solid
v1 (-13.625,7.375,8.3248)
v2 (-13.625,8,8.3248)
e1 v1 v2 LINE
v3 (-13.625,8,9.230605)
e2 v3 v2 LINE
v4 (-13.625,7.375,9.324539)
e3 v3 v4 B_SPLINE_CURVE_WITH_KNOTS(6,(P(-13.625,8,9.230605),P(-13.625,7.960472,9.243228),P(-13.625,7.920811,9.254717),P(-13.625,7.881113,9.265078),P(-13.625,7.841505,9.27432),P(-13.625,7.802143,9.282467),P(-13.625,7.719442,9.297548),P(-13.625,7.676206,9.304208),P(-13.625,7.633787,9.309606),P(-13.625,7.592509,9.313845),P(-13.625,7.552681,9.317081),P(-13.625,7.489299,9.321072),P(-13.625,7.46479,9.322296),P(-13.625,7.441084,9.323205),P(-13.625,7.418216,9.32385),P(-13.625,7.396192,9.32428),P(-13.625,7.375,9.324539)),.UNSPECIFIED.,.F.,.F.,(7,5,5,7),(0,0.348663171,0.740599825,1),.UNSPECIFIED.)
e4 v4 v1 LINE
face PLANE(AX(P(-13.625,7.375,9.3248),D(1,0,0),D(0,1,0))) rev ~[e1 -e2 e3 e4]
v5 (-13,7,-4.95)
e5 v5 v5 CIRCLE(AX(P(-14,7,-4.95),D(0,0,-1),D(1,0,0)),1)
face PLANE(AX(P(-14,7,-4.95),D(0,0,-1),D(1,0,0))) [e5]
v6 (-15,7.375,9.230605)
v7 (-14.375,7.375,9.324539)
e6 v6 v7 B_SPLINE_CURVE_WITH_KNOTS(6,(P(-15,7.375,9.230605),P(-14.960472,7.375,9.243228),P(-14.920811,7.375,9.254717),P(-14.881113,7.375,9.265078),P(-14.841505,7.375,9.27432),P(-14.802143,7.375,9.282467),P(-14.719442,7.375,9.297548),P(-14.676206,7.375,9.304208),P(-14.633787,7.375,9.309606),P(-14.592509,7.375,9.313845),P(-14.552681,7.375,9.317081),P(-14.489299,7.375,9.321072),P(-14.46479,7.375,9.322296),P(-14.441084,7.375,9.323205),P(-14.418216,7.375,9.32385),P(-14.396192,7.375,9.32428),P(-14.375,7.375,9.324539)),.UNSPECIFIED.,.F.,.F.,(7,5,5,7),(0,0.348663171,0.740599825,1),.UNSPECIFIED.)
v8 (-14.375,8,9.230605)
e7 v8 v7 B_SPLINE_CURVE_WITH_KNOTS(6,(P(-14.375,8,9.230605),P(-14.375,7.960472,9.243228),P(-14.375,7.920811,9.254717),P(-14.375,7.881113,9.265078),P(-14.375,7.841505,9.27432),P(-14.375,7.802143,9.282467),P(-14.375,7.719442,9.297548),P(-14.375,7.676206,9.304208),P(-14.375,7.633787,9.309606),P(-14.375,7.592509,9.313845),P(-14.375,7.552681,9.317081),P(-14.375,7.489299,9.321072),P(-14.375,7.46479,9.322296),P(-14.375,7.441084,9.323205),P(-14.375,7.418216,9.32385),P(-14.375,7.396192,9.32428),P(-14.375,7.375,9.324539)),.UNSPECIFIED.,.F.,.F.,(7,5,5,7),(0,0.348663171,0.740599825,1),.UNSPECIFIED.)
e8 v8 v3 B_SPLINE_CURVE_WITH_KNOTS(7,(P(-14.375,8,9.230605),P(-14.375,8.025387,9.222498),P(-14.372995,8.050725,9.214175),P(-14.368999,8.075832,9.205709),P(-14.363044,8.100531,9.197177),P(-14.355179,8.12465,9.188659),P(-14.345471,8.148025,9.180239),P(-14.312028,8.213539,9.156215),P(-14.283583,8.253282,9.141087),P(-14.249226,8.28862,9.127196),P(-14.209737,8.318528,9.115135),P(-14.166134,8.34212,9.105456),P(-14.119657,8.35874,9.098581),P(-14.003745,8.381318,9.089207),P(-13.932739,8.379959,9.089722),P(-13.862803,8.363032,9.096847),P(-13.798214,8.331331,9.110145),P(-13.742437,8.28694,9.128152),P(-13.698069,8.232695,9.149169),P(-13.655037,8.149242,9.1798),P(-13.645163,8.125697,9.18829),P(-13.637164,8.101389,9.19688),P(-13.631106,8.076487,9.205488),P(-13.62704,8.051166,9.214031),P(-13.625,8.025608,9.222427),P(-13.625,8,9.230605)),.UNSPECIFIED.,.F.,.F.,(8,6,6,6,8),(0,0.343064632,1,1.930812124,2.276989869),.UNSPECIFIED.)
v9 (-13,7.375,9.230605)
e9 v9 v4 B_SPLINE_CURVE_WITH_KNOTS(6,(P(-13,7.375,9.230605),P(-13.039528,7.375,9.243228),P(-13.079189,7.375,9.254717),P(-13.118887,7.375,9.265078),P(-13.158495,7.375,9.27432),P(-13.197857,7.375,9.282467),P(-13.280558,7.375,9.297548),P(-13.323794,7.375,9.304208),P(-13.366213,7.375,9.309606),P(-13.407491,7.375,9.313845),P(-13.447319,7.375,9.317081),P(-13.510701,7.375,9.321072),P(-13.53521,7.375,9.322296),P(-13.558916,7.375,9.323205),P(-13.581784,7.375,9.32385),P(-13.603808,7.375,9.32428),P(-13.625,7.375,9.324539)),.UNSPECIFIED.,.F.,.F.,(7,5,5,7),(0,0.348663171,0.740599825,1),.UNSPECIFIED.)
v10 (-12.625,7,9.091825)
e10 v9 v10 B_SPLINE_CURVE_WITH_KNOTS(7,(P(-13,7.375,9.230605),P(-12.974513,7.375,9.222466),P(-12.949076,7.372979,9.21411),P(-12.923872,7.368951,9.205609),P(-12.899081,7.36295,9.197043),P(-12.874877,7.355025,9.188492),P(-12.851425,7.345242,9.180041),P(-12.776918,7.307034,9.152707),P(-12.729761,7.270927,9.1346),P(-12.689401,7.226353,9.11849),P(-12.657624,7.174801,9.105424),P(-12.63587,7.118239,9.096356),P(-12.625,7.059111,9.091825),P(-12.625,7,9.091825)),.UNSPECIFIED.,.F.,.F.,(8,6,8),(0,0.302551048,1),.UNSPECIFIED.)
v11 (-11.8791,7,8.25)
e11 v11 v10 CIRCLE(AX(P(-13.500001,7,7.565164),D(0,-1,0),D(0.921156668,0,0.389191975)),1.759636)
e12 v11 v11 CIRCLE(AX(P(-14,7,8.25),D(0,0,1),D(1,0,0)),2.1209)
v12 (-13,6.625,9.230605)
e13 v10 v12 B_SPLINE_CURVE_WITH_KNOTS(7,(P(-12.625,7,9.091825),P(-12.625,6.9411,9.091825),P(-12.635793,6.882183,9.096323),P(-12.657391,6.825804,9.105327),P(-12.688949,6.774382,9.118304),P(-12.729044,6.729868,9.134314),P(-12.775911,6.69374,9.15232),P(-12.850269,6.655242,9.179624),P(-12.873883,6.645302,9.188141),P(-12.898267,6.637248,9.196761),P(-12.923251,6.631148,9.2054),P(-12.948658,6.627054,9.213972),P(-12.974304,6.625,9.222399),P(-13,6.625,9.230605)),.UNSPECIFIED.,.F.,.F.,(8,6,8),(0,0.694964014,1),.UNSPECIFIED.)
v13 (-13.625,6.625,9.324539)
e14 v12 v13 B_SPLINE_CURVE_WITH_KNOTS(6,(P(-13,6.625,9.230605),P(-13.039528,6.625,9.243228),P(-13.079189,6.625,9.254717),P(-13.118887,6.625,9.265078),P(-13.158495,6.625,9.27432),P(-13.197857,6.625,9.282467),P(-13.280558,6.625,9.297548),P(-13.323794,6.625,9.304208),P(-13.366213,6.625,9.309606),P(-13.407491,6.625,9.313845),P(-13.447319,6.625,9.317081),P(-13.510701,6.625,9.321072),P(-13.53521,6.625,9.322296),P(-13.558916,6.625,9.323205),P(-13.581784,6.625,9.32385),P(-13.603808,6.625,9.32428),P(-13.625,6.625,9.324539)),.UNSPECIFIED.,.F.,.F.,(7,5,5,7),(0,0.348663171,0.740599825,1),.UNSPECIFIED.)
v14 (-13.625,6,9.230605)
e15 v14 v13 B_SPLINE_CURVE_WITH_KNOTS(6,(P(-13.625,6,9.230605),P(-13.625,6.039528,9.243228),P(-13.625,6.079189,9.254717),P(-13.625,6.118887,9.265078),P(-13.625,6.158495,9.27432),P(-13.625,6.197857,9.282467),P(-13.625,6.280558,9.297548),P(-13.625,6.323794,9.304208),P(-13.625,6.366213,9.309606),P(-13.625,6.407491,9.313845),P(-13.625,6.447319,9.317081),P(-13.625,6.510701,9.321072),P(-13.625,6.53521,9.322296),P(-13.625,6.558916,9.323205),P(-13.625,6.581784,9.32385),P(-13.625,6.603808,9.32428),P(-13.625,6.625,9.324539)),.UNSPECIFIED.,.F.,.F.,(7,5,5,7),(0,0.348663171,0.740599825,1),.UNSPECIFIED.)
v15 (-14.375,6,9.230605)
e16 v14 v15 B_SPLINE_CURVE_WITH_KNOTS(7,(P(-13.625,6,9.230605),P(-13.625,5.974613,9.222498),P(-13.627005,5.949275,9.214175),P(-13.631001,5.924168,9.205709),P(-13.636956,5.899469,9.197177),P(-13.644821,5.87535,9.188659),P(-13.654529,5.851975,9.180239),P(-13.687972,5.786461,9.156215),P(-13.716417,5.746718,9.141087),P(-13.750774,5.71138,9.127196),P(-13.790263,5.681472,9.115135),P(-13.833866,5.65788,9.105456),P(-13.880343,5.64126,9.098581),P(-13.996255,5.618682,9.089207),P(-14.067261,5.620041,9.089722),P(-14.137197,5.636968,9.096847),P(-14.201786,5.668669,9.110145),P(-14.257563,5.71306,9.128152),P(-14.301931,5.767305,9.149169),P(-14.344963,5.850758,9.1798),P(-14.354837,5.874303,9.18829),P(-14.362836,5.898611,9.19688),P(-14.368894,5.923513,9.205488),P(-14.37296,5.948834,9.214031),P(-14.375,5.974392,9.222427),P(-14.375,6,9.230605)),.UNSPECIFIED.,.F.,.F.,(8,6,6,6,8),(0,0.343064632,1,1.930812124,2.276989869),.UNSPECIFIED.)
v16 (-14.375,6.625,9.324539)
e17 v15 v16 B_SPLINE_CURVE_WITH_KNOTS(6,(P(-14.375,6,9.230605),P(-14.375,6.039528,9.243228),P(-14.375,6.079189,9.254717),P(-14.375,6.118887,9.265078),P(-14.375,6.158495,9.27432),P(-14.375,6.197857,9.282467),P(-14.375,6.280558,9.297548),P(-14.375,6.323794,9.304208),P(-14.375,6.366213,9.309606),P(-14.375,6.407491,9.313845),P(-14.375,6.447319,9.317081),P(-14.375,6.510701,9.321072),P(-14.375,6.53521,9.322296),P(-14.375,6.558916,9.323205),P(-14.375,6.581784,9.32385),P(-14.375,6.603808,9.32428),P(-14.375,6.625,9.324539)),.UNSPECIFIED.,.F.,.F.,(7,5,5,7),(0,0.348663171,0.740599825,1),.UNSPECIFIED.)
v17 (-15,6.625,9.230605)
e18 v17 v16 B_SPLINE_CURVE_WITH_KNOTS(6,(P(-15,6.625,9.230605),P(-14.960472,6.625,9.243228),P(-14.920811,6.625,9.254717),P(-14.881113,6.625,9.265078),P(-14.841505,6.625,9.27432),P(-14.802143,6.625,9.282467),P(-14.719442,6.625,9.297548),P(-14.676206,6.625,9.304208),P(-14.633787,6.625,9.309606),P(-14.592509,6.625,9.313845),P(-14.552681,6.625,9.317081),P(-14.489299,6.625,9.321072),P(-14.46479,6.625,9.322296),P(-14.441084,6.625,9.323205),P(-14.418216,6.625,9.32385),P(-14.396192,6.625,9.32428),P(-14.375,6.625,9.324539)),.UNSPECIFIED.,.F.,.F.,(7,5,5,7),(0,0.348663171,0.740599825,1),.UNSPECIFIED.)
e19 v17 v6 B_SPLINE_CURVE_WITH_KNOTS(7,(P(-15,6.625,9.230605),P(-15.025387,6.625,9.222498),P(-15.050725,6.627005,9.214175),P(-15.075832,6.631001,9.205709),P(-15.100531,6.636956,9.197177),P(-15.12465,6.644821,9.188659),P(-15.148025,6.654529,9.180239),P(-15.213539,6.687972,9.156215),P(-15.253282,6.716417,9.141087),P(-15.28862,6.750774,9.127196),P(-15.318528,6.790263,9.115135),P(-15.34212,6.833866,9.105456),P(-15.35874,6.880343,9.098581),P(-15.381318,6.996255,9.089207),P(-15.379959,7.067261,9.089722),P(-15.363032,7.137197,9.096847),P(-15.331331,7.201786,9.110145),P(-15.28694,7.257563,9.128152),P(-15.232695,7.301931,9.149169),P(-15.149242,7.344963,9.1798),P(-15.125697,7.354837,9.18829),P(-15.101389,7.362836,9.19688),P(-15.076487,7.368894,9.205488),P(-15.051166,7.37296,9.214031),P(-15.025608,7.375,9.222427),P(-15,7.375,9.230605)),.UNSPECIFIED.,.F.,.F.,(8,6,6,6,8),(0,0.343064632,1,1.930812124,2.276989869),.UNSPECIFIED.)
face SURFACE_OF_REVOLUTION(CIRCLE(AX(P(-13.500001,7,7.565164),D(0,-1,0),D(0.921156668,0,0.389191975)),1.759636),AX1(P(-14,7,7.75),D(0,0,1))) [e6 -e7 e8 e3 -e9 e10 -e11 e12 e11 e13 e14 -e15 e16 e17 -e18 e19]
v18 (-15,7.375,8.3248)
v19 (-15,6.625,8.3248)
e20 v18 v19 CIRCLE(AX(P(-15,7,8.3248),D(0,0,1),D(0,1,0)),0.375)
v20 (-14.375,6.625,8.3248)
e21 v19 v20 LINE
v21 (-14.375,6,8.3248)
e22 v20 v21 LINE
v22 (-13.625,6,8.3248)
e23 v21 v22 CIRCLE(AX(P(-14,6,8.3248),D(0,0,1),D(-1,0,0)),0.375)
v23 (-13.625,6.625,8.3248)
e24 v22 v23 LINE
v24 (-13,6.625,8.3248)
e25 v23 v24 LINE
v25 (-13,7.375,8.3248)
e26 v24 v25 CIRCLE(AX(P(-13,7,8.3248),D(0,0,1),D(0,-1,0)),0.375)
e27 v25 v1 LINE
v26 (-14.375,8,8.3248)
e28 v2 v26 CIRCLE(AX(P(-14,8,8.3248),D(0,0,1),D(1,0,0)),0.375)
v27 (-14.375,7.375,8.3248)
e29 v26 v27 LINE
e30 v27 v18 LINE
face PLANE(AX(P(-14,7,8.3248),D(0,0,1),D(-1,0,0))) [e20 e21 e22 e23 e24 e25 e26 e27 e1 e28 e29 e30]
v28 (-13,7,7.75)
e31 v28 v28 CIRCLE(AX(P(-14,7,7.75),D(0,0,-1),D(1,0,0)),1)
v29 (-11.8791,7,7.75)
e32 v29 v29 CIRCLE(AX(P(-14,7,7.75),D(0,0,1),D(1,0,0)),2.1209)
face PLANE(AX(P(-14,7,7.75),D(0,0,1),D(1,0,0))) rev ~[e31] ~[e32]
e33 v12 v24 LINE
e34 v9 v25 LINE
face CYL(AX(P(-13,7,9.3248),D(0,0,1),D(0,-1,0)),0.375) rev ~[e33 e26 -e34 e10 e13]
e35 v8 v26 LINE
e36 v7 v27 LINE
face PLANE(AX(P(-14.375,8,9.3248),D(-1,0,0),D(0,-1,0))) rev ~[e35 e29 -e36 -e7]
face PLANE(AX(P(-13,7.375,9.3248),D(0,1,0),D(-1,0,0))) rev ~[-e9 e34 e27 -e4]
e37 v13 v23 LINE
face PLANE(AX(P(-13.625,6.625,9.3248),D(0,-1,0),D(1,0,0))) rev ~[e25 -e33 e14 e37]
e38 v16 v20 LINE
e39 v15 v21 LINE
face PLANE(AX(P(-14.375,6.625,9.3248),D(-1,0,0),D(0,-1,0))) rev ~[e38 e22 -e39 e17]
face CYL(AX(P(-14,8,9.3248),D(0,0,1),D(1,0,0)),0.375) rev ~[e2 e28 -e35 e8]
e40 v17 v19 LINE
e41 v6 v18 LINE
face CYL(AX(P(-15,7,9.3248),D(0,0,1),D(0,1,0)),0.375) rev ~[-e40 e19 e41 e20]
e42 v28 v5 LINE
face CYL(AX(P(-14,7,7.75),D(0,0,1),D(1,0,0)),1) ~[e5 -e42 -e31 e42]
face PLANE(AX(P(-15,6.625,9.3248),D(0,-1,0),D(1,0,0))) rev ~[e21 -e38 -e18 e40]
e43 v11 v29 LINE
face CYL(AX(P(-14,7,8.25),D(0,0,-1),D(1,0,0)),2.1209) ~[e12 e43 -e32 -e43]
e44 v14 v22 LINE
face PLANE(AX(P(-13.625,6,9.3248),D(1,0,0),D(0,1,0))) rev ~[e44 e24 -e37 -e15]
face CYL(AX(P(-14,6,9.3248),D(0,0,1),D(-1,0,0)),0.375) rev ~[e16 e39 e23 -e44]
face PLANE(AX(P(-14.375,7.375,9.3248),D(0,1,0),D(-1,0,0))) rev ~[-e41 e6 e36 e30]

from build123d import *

# Parameters (mm, degrees)
POCKET003_DEPTH = 1
SKETCH010_R     = 1
PAD004_DEPTH    = 12.7


with BuildPart() as part:
    # Sketch008 → Revolution (revolve)
    with BuildSketch(Plane.XZ):
        with BuildLine():
            Line((0, 0), (0, 1.5748))
            Line((0, 1.5748), (0.5, 1.5748))
            ThreePointArc((2.1209, 0.5), (1.472434, 1.281687), (0.5, 1.5748))
            Line((2.1209, 0.5), (2.1209, 0))
            Line((2.1209, 0), (0, 0))
        make_face()
    revolve(axis=Axis((0, 0, 0), (0, 0, 1)))

    # Sketch009 (on Face1 of Revolution) → Pocket003 (cut)
    with BuildSketch(Plane(origin=(0, 0, 1.5748), x_dir=(-1, 0, 0), z_dir=(0, 0, 1))):
        with BuildLine():
            ThreePointArc((0.375, 1), (0, 1.375), (-0.375, 1))
            Line((-0.375, 1), (-0.375, 0.375))
            Line((-0.375, 0.375), (-1, 0.375))
            ThreePointArc((-1, 0.375), (-1.375, 0), (-1, -0.375))
            Line((-1, -0.375), (-0.375, -0.375))
            Line((-0.375, -0.375), (-0.375, -1))
            ThreePointArc((-0.375, -1), (0, -1.375), (0.375, -1))
            Line((0.375, -1), (0.375, -0.375))
            Line((0.375, -0.375), (1, -0.375))
            ThreePointArc((1, -0.375), (1.375, 0), (1, 0.375))
            Line((1, 0.375), (0.375, 0.375))
            Line((0.375, 0.375), (0.375, 1))
        make_face()
    extrude(amount=-POCKET003_DEPTH, mode=Mode.SUBTRACT)

    # Sketch010 (on Face16 of Pocket003) → Pad004 (join)
    with BuildSketch(Plane(origin=(0, 0, 0), x_dir=(1, 0, 0), z_dir=(0, 0, -1))):
        Circle(SKETCH010_R)
    extrude(amount=PAD004_DEPTH)


with BuildPart() as part_1:
    # Body002 placement: moved
    add(part.part.moved(Location((-14, 7, 7.75))))


solid = part_1.part
